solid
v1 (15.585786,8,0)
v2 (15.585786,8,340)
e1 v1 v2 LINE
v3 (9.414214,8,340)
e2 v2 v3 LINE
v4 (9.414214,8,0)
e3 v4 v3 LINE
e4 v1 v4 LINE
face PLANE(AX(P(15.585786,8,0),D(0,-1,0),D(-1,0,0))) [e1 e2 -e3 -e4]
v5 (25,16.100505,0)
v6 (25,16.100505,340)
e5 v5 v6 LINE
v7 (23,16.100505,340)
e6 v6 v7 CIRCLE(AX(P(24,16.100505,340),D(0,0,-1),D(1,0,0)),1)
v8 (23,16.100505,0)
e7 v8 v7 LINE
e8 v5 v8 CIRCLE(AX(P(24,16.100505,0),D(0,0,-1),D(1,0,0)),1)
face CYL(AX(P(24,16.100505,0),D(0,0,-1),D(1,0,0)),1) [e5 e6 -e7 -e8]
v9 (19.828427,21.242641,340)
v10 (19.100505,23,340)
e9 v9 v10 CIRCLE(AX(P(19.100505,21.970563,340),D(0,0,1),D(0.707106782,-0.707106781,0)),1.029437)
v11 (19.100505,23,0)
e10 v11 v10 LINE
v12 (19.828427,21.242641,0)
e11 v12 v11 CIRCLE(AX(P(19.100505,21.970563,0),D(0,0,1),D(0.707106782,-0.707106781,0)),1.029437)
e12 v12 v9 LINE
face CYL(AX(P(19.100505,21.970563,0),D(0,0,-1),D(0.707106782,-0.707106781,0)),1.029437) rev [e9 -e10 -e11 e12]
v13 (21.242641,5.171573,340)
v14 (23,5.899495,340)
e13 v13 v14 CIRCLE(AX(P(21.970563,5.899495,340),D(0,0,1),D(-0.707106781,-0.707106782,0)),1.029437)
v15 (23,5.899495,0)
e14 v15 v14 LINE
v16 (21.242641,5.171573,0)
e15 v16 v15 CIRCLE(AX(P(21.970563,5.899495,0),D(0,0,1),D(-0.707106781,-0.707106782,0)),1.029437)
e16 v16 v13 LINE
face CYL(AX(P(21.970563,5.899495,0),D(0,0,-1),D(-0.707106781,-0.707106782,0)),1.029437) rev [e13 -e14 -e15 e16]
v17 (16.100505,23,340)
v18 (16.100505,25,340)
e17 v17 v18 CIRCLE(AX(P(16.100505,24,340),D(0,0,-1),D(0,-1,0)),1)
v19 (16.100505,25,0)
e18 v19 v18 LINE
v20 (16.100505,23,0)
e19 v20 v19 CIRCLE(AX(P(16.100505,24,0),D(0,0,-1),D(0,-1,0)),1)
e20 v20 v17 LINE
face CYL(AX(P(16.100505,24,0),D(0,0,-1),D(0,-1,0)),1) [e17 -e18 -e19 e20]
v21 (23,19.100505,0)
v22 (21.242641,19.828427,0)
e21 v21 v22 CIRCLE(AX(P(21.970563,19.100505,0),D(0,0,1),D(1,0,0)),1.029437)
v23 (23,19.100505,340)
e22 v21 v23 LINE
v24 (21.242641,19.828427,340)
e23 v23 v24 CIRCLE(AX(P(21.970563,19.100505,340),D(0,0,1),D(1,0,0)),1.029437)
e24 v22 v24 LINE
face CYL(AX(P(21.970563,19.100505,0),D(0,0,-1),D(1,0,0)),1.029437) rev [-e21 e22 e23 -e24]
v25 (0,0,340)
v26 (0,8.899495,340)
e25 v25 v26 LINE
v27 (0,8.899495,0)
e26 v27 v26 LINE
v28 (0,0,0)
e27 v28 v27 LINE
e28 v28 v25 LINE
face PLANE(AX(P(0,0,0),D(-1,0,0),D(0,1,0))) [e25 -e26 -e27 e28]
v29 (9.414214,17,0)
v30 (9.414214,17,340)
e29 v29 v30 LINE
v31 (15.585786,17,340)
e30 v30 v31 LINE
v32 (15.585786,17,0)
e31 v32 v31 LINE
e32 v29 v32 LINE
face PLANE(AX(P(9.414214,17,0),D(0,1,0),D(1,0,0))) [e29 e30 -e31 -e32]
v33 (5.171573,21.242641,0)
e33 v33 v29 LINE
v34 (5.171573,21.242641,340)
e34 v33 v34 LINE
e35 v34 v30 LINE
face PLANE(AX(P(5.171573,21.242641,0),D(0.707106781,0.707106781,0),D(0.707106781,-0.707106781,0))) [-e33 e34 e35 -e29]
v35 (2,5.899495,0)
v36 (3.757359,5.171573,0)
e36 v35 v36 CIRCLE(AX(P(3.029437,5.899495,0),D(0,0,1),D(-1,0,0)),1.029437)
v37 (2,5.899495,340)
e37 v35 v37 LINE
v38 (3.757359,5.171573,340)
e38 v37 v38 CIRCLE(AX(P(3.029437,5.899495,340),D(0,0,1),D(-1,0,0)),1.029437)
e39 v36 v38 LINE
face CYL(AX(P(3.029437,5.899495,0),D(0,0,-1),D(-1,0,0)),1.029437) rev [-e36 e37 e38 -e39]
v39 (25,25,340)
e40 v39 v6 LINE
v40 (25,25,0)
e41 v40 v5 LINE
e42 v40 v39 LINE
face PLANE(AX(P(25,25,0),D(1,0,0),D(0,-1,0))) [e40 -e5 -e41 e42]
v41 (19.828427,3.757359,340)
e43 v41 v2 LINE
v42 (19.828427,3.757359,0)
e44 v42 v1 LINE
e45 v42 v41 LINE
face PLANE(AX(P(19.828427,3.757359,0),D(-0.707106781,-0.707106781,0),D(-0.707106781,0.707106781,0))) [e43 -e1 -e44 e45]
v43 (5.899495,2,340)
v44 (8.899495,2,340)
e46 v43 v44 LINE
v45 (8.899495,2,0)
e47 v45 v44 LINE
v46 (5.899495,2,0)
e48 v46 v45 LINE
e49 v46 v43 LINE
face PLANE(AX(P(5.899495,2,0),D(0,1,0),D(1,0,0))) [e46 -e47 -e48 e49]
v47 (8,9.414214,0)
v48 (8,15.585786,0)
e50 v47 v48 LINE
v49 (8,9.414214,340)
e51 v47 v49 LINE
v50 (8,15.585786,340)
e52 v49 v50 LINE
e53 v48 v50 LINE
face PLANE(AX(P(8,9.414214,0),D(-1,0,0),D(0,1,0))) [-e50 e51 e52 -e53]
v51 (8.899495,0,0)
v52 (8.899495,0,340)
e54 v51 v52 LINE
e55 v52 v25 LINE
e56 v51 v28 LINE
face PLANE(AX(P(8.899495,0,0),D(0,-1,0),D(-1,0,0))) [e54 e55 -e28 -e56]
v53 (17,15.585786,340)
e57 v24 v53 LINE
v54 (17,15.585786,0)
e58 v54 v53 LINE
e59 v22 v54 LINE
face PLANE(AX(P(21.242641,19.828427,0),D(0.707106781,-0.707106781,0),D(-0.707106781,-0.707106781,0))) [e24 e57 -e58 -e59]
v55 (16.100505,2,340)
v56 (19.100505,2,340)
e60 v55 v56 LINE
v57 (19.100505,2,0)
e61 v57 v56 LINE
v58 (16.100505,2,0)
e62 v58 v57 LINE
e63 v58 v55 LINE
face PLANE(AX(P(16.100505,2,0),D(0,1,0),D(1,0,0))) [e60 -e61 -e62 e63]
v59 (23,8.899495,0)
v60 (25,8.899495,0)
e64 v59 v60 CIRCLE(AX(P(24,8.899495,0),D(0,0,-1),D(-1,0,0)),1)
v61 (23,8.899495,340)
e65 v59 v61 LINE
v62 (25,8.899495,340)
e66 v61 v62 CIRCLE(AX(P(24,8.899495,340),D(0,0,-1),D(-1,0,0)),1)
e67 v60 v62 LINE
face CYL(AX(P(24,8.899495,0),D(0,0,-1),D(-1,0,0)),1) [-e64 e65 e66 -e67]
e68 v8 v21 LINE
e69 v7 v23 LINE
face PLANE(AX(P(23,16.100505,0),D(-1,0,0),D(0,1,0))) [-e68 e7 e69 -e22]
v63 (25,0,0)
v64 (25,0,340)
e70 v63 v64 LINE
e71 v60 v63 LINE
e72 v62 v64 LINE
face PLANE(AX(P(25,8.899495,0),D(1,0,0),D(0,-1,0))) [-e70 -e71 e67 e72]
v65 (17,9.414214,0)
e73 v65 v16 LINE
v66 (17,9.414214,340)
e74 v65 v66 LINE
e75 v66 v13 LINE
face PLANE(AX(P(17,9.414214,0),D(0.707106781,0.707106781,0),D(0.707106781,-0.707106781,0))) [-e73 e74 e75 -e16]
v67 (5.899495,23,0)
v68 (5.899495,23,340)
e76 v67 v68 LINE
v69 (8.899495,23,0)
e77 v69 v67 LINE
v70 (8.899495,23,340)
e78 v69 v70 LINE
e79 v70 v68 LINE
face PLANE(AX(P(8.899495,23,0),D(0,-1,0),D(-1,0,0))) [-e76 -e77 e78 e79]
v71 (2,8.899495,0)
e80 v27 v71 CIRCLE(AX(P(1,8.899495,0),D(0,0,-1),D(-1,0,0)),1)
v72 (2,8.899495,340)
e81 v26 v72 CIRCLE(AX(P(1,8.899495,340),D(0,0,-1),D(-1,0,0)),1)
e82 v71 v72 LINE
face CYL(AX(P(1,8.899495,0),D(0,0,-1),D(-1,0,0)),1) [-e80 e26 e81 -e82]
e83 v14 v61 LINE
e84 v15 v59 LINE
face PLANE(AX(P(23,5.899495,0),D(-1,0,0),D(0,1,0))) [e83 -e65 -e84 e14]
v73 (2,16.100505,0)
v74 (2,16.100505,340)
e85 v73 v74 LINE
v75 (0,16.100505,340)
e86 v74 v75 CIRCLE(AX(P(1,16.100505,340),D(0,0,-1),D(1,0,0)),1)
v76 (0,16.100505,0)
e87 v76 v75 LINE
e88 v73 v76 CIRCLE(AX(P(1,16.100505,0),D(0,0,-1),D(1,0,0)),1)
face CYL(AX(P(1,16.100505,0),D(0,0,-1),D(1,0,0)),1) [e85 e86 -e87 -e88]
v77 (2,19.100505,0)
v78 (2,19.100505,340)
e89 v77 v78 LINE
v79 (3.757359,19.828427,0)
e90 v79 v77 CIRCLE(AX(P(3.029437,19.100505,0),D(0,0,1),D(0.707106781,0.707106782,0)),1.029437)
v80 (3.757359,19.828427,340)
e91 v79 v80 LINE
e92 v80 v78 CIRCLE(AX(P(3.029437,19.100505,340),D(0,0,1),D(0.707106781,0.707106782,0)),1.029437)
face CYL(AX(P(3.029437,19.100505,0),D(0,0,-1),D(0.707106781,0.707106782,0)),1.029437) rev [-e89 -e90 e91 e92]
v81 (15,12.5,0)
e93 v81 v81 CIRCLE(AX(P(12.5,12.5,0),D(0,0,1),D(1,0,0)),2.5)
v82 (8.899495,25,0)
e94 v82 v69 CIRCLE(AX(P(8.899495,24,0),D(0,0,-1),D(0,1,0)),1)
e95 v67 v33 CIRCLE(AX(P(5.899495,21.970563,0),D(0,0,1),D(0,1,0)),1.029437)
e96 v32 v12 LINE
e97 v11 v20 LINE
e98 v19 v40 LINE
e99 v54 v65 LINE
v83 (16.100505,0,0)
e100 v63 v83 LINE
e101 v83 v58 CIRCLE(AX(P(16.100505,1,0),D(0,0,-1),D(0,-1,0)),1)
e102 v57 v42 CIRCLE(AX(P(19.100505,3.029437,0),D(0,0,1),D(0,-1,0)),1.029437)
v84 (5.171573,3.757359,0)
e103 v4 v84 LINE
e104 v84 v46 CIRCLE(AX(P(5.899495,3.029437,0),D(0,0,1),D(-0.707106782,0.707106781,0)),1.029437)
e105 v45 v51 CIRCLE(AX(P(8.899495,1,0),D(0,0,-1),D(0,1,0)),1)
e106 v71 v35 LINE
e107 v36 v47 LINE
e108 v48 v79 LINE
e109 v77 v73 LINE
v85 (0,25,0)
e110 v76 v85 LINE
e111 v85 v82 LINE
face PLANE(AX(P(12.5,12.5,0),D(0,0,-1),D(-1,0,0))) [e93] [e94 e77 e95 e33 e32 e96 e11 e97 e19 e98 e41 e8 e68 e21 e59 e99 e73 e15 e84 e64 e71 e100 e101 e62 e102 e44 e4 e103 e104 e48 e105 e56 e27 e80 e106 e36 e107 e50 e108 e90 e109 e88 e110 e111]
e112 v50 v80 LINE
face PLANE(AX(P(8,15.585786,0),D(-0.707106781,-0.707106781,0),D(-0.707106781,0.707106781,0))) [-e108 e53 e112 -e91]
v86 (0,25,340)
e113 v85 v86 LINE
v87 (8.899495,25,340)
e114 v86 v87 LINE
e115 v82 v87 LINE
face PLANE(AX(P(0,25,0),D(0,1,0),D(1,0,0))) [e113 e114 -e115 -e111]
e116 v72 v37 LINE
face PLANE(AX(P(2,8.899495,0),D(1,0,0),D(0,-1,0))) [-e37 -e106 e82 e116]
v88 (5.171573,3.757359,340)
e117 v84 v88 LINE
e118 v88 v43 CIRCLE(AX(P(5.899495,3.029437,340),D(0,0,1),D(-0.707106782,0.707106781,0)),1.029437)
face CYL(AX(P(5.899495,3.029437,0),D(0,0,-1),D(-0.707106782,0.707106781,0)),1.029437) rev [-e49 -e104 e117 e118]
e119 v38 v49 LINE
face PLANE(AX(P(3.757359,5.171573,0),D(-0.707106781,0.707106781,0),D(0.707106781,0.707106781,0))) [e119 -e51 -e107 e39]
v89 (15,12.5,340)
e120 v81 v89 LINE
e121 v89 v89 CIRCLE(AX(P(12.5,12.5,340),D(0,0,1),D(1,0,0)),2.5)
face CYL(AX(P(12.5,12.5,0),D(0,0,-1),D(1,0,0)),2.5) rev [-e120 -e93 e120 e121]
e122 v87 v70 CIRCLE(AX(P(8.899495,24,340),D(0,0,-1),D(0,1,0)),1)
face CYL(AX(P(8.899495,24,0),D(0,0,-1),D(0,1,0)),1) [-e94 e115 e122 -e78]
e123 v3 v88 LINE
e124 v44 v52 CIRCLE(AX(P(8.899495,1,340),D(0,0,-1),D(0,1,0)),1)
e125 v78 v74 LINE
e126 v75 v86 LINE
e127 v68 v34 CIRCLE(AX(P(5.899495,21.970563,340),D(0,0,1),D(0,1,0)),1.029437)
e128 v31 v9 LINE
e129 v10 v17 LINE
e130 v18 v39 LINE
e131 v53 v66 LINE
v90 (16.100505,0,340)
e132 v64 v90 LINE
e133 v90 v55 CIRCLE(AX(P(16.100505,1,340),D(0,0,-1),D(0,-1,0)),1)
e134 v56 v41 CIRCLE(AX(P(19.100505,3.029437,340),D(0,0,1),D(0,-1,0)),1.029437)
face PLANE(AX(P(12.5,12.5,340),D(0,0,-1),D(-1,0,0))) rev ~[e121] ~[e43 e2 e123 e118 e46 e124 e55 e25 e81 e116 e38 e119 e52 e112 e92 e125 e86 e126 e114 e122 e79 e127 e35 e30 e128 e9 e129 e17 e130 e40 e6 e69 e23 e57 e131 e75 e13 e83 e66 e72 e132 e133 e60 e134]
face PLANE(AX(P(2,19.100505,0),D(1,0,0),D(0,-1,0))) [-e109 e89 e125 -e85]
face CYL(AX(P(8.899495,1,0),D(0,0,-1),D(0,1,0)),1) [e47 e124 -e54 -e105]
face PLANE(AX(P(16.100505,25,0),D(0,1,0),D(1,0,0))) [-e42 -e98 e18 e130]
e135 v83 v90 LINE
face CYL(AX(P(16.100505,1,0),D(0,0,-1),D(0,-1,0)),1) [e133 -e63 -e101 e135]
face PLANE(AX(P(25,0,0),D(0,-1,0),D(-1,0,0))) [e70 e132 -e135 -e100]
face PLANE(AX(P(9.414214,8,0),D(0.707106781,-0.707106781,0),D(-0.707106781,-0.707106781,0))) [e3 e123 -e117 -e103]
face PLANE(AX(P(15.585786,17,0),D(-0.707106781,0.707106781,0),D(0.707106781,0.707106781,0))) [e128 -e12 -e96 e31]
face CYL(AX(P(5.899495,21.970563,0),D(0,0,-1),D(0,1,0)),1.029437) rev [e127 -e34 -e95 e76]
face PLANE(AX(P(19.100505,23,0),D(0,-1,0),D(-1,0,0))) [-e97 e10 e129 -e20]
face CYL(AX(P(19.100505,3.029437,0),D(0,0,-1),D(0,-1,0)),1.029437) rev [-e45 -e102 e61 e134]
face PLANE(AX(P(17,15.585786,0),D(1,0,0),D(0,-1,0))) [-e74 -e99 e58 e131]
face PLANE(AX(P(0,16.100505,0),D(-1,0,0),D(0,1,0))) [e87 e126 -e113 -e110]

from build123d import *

# Parameters (mm, degrees)
SKETCH2_R           = 2.5
BOSS_EXTRUDE1_DEPTH = 340


with BuildPart() as part:
    # Sketch2 → Boss-Extrude1 (new body)
    with BuildSketch(Plane.XY):
        with BuildLine():
            ThreePointArc((16.100505063, 0), (15.100505063, 1), (16.100505063, 2))
            Line((16.100505063, 2), (19.100505063, 2))
            ThreePointArc((19.100505063, 2), (20.05158107, 2.635488671), (19.828427125, 3.757359313))
            Line((19.828427125, 3.757359313), (15.585786438, 8))
            Line((15.585786438, 8), (12.5, 8))
            Line((12.5, 8), (9.414213562, 8))
            Line((9.414213562, 8), (5.171572875, 3.757359313))
            ThreePointArc((5.171572875, 3.757359313), (4.94841893, 2.635488671), (5.899494937, 2))
            Line((5.899494937, 2), (8.899494937, 2))
            ThreePointArc((8.899494937, 2), (9.899494937, 1), (8.899494937, 0))
            Line((8.899494937, 0), (0, 0))
            Line((0, 0), (0, 8.899494937))
            ThreePointArc((0, 8.899494937), (1, 9.899494937), (2, 8.899494937))
            Line((2, 8.899494937), (2, 5.899494937))
            ThreePointArc((2, 5.899494937), (2.635488671, 4.94841893), (3.757359313, 5.171572875))
            Line((3.757359313, 5.171572875), (8, 9.414213562))
            Line((8, 9.414213562), (8, 12.5))
            Line((8, 12.5), (8, 15.585786438))
            Line((8, 15.585786438), (3.757359313, 19.828427125))
            ThreePointArc((3.757359313, 19.828427125), (2.635488671, 20.05158107), (2, 19.100505063))
            Line((2, 19.100505063), (2, 16.100505063))
            ThreePointArc((2, 16.100505063), (1, 15.100505063), (0, 16.100505063))
            Line((0, 16.100505063), (0, 25))
            Line((0, 25), (8.899494937, 25))
            ThreePointArc((8.899494937, 25), (9.899494937, 24), (8.899494937, 23))
            Line((8.899494937, 23), (5.899494937, 23))
            ThreePointArc((5.899494937, 23), (4.94841893, 22.364511329), (5.171572875, 21.242640687))
            Line((5.171572875, 21.242640687), (9.414213562, 17))
            Line((9.414213562, 17), (12.5, 17))
            Line((12.5, 17), (15.585786438, 17))
            Line((15.585786438, 17), (19.828427125, 21.242640687))
            ThreePointArc((19.828427125, 21.242640687), (20.05158107, 22.364511329), (19.100505063, 23))
            Line((19.100505063, 23), (16.100505063, 23))
            ThreePointArc((16.100505063, 23), (15.100505063, 24), (16.100505063, 25))
            Line((16.100505063, 25), (25, 25))
            Line((25, 25), (25, 16.100505063))
            ThreePointArc((25, 16.100505063), (24, 15.100505063), (23, 16.100505063))
            Line((23, 16.100505063), (23, 19.100505063))
            ThreePointArc((23, 19.100505063), (22.364511329, 20.05158107), (21.242640687, 19.828427125))
            Line((21.242640687, 19.828427125), (17, 15.585786438))
            Line((17, 15.585786438), (17, 12.5))
            Line((17, 12.5), (17, 9.414213562))
            Line((17, 9.414213562), (21.242640687, 5.171572875))
            ThreePointArc((21.242640687, 5.171572875), (22.364511329, 4.94841893), (23, 5.899494937))
            Line((23, 5.899494937), (23, 8.899494937))
            ThreePointArc((23, 8.899494937), (24, 9.899494937), (25, 8.899494937))
            Line((25, 8.899494937), (25, 0))
            Line((25, 0), (16.100505063, 0))
        make_face()
        with Locations((12.5, 12.5)):
            Circle(SKETCH2_R, mode=Mode.SUBTRACT)
    extrude(amount=BOSS_EXTRUDE1_DEPTH)


solid = part.part
